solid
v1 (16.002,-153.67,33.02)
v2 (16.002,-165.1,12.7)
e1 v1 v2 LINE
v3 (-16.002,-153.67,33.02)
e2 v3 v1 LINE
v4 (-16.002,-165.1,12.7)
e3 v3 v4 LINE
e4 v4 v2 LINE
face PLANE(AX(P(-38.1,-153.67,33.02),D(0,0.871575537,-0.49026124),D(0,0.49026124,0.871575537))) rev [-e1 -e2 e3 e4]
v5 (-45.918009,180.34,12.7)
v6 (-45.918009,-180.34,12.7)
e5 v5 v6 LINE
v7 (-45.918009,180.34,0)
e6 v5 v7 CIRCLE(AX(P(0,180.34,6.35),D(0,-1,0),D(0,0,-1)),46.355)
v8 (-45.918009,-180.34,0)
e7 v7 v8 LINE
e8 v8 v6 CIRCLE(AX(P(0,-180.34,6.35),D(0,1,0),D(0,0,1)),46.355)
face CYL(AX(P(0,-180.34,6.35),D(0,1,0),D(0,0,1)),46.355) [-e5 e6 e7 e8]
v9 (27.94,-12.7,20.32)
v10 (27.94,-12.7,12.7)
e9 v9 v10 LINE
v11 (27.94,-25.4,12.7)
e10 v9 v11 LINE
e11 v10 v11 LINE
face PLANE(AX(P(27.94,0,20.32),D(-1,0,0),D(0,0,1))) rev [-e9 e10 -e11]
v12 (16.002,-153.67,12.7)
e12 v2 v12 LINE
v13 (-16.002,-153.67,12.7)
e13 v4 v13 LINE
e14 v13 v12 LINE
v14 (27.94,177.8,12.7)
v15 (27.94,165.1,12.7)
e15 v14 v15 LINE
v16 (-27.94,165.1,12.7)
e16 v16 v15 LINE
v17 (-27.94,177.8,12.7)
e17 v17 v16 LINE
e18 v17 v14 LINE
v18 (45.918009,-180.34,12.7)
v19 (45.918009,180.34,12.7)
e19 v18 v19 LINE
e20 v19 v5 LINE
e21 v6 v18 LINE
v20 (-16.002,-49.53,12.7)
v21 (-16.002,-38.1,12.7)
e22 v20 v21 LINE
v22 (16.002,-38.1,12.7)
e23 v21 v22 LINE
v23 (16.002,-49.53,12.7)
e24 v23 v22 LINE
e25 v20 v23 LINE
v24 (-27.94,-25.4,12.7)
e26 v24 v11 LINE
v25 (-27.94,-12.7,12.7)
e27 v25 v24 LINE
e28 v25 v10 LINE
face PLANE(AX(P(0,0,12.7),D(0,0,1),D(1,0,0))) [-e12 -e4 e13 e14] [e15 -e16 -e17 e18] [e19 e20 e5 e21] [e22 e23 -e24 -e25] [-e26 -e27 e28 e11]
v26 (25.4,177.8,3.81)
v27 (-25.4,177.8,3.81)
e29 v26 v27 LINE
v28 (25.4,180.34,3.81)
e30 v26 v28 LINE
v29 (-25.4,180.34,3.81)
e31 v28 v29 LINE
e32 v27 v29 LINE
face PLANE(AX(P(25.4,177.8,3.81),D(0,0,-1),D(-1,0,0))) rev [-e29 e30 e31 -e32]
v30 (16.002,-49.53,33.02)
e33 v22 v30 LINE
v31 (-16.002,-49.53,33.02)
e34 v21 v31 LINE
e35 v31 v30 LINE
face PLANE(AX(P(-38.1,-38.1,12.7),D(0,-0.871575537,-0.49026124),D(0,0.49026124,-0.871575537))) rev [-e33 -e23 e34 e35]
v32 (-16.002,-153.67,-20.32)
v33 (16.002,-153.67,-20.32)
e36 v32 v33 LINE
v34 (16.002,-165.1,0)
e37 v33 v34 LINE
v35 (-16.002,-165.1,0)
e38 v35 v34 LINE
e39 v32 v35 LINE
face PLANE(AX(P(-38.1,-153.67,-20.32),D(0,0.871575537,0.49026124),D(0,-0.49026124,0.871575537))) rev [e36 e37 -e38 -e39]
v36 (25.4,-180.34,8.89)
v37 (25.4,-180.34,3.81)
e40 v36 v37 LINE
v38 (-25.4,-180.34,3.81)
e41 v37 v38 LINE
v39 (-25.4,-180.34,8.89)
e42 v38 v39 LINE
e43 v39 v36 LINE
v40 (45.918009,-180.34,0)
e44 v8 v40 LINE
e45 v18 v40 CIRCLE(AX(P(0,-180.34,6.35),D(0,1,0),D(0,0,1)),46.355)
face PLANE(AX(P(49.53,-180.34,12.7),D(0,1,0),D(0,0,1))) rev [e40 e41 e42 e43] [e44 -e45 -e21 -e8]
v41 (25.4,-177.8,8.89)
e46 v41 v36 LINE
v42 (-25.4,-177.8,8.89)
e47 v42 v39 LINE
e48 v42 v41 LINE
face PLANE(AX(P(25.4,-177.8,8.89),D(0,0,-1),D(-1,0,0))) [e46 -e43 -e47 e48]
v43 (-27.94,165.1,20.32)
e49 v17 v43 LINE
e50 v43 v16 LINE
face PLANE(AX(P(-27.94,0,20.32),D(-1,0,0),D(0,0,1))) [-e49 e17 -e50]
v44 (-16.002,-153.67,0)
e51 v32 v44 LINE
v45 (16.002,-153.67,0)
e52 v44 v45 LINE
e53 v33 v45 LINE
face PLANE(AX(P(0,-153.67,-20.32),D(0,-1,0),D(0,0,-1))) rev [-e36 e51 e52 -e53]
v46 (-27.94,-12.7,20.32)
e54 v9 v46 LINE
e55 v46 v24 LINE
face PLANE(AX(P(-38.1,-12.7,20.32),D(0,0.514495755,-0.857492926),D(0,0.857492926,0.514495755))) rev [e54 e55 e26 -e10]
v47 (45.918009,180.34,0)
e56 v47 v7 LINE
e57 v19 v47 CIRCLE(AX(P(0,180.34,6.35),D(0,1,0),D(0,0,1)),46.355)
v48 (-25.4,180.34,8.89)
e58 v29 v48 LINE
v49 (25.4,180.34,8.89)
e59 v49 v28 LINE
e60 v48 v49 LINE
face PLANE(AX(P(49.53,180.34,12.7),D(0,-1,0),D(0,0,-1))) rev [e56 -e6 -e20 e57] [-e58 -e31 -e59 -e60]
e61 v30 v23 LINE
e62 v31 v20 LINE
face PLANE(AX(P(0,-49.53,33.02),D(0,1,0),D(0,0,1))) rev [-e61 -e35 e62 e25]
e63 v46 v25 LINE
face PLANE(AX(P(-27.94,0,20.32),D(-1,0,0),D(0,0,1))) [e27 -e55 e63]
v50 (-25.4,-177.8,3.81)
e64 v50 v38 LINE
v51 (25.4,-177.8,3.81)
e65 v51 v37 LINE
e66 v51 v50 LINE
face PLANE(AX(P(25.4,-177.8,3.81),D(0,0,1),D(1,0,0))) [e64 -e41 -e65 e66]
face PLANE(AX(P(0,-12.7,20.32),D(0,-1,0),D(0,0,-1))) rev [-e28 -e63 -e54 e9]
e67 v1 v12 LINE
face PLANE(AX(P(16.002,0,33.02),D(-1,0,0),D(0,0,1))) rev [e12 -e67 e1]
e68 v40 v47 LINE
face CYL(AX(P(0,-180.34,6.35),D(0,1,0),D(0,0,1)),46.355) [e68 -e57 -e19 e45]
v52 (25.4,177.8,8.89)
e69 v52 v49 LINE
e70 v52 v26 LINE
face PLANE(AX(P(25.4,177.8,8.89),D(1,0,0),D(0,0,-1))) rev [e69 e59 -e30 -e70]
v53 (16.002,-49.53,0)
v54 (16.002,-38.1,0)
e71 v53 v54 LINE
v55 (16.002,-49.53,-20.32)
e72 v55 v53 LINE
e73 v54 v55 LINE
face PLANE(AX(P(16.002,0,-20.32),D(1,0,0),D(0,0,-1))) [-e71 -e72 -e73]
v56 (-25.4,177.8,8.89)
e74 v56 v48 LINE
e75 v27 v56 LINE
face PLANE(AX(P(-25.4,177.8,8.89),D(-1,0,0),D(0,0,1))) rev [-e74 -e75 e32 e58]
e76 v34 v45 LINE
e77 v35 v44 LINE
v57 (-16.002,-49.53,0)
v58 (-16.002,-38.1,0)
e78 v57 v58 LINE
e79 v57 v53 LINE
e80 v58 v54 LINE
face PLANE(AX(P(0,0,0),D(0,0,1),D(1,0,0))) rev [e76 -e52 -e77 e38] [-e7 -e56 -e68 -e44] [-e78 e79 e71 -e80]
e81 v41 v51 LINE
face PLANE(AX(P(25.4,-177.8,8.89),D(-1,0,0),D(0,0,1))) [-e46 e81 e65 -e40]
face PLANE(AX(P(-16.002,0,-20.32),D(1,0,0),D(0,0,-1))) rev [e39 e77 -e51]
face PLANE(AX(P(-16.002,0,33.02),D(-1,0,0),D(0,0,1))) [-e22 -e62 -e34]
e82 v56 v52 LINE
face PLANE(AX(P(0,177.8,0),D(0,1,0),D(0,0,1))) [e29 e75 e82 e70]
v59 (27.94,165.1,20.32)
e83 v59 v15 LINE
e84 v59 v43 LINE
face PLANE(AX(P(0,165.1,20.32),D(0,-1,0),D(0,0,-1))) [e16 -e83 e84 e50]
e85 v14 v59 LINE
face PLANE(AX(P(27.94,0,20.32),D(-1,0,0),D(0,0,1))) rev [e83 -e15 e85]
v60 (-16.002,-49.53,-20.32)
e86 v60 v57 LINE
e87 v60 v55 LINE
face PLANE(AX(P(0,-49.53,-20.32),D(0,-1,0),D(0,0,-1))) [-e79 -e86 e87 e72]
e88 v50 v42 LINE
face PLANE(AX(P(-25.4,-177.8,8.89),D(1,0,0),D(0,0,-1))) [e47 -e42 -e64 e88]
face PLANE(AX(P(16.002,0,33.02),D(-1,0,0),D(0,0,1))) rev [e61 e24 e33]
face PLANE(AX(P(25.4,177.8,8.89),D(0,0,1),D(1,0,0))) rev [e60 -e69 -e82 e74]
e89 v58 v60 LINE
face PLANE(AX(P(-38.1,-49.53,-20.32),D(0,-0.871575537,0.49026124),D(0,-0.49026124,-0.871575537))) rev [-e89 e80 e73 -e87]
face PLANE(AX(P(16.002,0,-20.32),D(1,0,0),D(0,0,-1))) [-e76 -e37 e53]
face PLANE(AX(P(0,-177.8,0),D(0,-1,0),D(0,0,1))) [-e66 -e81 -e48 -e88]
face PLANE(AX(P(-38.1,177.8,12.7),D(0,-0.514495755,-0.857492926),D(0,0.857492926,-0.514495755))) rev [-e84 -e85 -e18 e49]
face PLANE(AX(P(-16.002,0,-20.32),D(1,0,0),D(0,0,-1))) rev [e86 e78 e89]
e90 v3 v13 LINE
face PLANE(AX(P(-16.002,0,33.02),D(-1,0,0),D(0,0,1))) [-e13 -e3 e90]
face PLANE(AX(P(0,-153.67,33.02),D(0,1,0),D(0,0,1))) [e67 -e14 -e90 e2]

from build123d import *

# Parameters (mm, degrees)
SKETCH1_W           = 99.06
SKETCH1_H           = 360.68
BOSS_EXTRUDE1_DEPTH = 12.7
SKETCH3_W           = 32.004
SKETCH3_H           = 11.43
BOSS_EXTRUDE3_DEPTH = 20.32
SKETCH2_W           = 55.88
SKETCH2_H           = 12.7
BOSS_EXTRUDE4_DEPTH = 7.62
CUT_EXTRUDE2_DEPTH  = 38.1
SKETCH6_W           = 50.8
SKETCH6_H           = 5.08
CUT_EXTRUDE3_DEPTH  = 2.54
SKETCH7_R           = 50.8
SKETCH7_R_2         = 46.355
CUT_EXTRUDE4_DEPTH  = 366.559302576


with BuildPart() as part:
    # Sketch1 → Boss-Extrude1 (new body)
    with BuildSketch(Plane.XY):
        Rectangle(SKETCH1_W, SKETCH1_H)
    extrude(amount=BOSS_EXTRUDE1_DEPTH)

    # Sketch3 → Boss-Extrude3 (add)
    with BuildSketch(Plane(origin=(0, 0, 0), x_dir=(-1, 0, 0), z_dir=(0, 0, -1))):
        with Locations((0, -43.815)):
            Rectangle(SKETCH3_W, SKETCH3_H)
        with Locations((0, -159.385)):
            Rectangle(SKETCH3_W, SKETCH3_H)
    boss_extrude3 = extrude(amount=BOSS_EXTRUDE3_DEPTH)

    # Sketch2 → Boss-Extrude4 (add, symmetric)
    with BuildSketch(Plane.XY.offset(12.7)):
        with Locations((0, 171.45)):
            Rectangle(SKETCH2_W, SKETCH2_H)
        with Locations((0, -19.05)):
            Rectangle(SKETCH2_W, SKETCH2_H)
    extrude(amount=BOSS_EXTRUDE4_DEPTH, both=True)

    # Mirror1: Boss-Extrude3 across plane
    add(boss_extrude3.mirror(Plane.XY.offset(6.35)))

    # Sketch5 → Cut-Extrude2 (cut, symmetric)
    with BuildSketch(Plane(origin=(0, 0, 0), x_dir=(0, 0, -1), z_dir=(1, 0, 0))):
        Polygon((20.32, -153.67), (0, -165.1), (20.32, -165.1), align=None)
        Polygon((-33.02, -153.67), (-12.7, -165.1), (-33.02, -165.1), align=None)
        Polygon((-33.02, -49.53), (-33.02, -38.1), (-12.7, -38.1), align=None)
        Polygon((20.32, -49.53), (0, -38.1), (20.32, -38.1), align=None)
        Polygon((-12.7, 177.8), (-20.32, 165.1), (-20.32, 177.8), align=None)
        Polygon((-20.32, -12.7), (-12.7, -25.4), (-20.32, -25.4), align=None)
    extrude(amount=CUT_EXTRUDE2_DEPTH, both=True, mode=Mode.SUBTRACT)

    # Sketch6 → Cut-Extrude3 (cut)
    with BuildSketch(Plane(origin=(0, 180.34, 0), x_dir=(1, 0, 0), z_dir=(0, 1, 0))):
        with Locations((0, -6.35)):
            Rectangle(SKETCH6_W, SKETCH6_H)
    cut_extrude3 = extrude(amount=-CUT_EXTRUDE3_DEPTH, mode=Mode.SUBTRACT)

    # Mirror2: Cut-Extrude3 across plane
    add(cut_extrude3.mirror(Plane.ZX), mode=Mode.SUBTRACT)

    # Sketch7 → Cut-Extrude4 (cut, through all)
    with BuildSketch(Plane(origin=(0, 180.34, 0), x_dir=(1, 0, 0), z_dir=(0, 1, 0))):
        with Locations((0, -6.35)):
            Circle(SKETCH7_R)
        with Locations((0, -6.35)):
            Circle(SKETCH7_R_2, mode=Mode.SUBTRACT)
    extrude(amount=-CUT_EXTRUDE4_DEPTH, mode=Mode.SUBTRACT)


solid = part.part
